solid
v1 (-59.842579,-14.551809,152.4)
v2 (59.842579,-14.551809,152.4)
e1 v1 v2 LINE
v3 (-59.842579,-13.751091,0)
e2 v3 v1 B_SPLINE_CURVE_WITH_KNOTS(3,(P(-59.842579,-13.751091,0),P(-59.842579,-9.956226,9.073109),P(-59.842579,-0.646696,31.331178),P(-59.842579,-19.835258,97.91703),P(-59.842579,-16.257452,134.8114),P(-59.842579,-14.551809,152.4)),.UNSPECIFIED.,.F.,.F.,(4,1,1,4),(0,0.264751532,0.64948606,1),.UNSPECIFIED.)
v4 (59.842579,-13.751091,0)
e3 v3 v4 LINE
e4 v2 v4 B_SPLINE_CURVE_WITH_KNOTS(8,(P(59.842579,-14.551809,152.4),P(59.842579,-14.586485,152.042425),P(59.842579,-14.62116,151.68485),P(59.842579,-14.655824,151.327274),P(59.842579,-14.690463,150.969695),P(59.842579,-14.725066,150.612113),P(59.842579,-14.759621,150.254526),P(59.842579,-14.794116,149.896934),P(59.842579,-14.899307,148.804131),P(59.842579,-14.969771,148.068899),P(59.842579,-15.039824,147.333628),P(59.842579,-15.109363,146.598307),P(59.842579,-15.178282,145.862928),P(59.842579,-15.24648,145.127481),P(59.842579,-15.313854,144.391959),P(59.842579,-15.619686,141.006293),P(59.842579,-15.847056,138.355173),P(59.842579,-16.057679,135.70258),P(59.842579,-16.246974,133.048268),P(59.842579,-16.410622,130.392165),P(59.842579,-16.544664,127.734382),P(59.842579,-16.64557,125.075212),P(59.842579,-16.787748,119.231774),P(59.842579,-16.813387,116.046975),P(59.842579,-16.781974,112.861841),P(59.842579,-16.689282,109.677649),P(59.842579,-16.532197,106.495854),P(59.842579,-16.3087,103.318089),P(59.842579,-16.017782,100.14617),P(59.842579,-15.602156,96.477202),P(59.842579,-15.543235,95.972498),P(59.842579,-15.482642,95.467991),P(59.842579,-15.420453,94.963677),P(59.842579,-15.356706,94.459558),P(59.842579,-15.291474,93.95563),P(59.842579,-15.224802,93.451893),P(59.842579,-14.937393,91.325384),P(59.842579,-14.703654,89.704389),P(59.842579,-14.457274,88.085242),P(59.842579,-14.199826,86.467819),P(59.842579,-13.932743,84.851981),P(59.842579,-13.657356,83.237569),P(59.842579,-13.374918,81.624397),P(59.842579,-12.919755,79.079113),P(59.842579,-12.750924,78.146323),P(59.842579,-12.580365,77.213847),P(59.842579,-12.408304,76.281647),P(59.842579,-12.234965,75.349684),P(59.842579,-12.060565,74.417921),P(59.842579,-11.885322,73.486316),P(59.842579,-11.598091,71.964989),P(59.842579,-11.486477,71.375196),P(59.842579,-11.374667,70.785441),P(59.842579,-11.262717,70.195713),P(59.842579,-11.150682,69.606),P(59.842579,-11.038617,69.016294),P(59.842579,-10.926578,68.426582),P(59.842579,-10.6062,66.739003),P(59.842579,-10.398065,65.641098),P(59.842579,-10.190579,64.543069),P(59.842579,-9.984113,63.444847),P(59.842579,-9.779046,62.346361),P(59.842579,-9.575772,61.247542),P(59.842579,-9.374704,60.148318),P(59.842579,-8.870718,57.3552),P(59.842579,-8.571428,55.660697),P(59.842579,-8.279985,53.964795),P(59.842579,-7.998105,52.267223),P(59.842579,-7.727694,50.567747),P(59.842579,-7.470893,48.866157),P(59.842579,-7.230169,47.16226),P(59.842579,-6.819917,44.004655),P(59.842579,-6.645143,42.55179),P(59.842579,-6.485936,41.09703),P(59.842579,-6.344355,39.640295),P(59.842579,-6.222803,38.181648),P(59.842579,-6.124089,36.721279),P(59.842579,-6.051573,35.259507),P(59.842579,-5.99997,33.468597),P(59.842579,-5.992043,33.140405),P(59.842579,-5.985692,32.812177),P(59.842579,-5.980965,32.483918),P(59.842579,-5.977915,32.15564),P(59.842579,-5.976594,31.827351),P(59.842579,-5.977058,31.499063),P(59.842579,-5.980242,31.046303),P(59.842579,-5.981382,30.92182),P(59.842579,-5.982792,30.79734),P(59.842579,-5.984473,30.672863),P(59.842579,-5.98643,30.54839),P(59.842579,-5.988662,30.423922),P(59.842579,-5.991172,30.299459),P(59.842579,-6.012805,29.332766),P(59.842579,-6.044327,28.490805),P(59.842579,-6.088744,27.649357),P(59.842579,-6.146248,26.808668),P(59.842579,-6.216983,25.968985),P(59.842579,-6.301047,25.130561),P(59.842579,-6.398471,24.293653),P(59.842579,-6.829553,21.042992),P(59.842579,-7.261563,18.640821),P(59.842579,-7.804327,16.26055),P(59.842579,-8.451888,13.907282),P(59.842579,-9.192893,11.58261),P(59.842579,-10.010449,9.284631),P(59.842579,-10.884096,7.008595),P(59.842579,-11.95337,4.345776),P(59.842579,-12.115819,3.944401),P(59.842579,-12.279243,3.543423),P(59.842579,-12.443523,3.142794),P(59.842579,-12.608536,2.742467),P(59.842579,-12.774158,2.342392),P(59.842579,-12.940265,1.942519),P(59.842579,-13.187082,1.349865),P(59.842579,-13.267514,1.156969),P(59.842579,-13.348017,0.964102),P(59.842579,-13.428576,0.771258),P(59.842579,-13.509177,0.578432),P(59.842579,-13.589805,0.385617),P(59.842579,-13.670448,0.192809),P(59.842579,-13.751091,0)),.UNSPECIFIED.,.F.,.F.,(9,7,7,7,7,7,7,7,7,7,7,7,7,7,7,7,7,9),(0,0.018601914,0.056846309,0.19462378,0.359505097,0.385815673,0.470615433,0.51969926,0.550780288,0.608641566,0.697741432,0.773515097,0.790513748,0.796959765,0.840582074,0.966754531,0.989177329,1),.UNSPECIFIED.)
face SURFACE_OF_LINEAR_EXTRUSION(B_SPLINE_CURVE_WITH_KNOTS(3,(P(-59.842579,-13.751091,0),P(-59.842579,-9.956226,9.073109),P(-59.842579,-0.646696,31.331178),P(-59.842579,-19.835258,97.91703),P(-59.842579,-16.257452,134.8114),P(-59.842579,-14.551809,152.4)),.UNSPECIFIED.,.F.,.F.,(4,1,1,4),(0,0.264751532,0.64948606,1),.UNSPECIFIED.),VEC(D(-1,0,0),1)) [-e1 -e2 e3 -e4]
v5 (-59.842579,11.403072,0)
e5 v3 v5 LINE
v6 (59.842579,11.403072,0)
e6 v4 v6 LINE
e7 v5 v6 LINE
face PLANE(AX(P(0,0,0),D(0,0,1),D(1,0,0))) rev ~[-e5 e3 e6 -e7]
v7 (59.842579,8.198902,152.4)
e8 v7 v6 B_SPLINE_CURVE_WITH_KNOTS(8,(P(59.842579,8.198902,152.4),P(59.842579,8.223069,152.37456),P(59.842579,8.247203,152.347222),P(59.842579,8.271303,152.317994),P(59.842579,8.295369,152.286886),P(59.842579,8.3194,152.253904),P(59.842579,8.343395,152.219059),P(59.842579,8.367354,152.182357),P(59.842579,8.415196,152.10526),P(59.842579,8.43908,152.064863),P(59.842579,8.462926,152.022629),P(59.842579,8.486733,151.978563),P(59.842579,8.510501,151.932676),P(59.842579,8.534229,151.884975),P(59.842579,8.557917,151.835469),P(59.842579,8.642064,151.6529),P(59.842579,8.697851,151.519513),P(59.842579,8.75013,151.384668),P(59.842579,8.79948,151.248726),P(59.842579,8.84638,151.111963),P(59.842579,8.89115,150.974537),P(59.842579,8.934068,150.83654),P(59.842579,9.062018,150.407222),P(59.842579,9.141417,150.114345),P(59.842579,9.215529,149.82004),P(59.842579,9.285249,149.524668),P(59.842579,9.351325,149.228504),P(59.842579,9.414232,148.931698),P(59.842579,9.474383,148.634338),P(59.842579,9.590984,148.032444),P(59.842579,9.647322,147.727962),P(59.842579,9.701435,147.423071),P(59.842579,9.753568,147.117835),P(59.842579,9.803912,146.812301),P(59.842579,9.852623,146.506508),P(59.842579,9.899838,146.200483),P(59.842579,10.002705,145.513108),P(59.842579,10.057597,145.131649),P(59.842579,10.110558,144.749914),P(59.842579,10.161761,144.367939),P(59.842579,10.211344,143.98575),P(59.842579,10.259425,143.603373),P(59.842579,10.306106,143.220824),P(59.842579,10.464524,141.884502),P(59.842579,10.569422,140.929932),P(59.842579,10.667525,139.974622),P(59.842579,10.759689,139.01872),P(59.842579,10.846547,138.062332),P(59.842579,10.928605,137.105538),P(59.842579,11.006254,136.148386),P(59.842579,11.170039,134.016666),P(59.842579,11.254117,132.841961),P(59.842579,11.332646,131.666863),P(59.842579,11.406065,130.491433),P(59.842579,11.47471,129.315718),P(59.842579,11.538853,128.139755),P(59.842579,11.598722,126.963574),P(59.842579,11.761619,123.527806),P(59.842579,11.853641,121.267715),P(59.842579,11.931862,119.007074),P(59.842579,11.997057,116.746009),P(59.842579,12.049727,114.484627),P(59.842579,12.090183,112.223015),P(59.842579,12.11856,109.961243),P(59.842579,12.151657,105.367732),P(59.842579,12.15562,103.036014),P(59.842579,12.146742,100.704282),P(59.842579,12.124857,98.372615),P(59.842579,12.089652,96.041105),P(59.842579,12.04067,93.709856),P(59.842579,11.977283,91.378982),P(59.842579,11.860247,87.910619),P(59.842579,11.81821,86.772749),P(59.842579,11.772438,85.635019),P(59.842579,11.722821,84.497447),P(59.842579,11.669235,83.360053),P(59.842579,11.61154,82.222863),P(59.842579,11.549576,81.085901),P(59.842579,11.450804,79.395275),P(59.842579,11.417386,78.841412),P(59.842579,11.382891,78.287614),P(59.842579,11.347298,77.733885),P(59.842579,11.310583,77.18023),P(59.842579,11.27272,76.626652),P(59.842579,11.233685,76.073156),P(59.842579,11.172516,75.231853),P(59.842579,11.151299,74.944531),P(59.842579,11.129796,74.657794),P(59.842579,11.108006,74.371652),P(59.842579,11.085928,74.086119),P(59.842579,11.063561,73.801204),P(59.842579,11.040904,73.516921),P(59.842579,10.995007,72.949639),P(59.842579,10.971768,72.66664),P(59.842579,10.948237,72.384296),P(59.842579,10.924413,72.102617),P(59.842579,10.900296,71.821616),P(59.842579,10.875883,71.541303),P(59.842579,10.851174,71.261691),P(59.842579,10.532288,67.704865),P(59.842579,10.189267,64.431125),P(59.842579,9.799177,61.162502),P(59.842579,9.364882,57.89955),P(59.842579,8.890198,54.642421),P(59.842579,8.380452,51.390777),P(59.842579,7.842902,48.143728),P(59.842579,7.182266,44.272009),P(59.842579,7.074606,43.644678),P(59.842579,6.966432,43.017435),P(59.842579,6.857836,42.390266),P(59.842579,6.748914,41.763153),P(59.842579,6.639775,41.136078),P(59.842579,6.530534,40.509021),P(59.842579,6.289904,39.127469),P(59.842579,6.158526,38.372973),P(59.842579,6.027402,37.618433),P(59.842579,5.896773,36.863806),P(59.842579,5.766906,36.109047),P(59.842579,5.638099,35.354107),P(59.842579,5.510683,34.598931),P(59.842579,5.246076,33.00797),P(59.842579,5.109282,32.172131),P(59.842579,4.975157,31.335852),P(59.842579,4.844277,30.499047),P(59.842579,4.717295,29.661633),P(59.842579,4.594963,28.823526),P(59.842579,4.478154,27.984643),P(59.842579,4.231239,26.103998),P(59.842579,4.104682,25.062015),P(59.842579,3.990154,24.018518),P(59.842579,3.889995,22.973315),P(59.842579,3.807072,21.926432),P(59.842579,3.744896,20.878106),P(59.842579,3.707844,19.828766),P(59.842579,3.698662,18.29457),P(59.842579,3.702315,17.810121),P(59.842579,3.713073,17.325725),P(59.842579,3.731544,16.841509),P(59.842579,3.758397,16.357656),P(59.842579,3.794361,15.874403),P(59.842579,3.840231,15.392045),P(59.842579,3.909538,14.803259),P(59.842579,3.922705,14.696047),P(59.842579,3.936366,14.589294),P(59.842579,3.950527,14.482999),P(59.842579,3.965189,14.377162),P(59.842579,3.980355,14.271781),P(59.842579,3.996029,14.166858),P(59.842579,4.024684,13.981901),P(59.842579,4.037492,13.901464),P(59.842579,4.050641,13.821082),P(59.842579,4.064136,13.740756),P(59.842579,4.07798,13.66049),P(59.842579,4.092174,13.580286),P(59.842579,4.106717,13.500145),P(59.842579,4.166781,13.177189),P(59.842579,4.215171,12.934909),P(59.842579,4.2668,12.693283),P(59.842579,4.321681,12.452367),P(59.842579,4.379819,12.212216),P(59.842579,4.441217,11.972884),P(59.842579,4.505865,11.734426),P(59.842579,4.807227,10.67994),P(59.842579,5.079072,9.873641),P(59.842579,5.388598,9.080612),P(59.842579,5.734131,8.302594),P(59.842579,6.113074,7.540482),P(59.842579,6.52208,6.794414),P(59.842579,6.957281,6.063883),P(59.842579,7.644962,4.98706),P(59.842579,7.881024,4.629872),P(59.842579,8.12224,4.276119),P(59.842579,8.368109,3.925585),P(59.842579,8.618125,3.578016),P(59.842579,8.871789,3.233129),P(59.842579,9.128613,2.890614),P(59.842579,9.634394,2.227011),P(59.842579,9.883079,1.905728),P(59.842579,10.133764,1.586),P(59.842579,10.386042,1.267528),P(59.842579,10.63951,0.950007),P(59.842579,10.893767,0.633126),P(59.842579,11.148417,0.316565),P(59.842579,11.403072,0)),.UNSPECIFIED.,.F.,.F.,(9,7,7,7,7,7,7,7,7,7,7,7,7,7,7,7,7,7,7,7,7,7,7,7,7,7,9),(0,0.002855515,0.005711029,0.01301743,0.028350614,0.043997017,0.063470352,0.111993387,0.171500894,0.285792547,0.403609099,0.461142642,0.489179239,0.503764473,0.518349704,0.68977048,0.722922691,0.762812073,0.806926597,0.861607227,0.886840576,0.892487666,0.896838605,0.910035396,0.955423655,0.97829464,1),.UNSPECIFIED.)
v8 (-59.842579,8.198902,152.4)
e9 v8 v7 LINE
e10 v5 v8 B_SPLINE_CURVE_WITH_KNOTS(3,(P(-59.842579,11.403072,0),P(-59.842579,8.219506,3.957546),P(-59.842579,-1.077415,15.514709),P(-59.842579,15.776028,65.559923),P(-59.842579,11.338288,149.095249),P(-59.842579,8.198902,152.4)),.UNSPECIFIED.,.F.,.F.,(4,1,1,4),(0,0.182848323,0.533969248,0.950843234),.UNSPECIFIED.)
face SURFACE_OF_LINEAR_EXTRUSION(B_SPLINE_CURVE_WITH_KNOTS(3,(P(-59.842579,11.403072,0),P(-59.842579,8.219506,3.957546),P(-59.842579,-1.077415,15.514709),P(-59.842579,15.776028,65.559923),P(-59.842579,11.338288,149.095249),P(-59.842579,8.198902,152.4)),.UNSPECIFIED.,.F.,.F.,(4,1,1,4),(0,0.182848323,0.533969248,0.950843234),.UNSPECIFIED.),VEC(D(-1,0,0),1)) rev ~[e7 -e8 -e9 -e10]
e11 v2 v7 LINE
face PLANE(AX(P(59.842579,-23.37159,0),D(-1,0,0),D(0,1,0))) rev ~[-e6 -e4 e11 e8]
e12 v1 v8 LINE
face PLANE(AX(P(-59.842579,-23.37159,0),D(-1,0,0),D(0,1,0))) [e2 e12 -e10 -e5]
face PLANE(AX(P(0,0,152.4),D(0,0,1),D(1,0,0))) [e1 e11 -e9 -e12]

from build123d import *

# Parameters (mm, degrees)
F0_W     = 119.6851581335
F0_H     = 46.7431806028
F1_DEPTH = 152.4
F3_DEPTH = 152.4
F5_DEPTH = 127


with BuildPart() as f1:
    # F0 (on Top) → F1 (new body)
    with BuildSketch(Plane.XY):
        Rectangle(F0_W, F0_H)
    extrude(amount=F1_DEPTH)

    # F2 (on face) → F3 (cut)
    with BuildSketch(Plane(origin=(-59.8425790668, 0, 0), x_dir=(0, -1, 0), z_dir=(-1, 0, 0))):
        with BuildLine():
            Line((-23.3715903014, 0), (-11.4030716941, 0))
            add(Edge.make_bspline(
                [(-11.4030716941, 0), (-8.2195056197, 3.9575459118), (1.0774152211, 15.5147086053), (-15.7760282892, 65.5599234309), (-11.3382883726, 149.0952490281), (-8.1989020109, 152.4)],
                knots=[0, 0, 0, 0, 0.1828483227, 0.5339692479, 0.9508432341, 0.9508432341, 0.9508432341, 0.9508432341], degree=3))
            Line((-8.1989020109, 152.4), (-23.3715903014, 152.4))
            Line((-23.3715903014, 152.4), (-23.3715903014, 0))
        make_face()
    extrude(amount=-F3_DEPTH, mode=Mode.SUBTRACT)

    # F4 (on face) → F5 (cut)
    with BuildSketch(Plane(origin=(-59.8425790668, 0, 0), x_dir=(0, -1, 0), z_dir=(-1, 0, 0))):
        with BuildLine():
            add(Edge.make_bspline(
                [(13.7510914356, 0), (9.9562259511, 9.073109189), (0.6466963295, 31.3311784411), (19.8352582333, 97.9170297401), (16.25745163, 134.8114001188), (14.5518090576, 152.4)],
                knots=[0, 0, 0, 0, 0.2647515324, 0.6494860604, 1, 1, 1, 1], degree=3))
            Line((13.7510914356, 0), (23.3715903014, 0))
            Line((23.3715903014, 0), (23.3715903014, 152.4))
            Line((23.3715903014, 152.4), (14.5518090576, 152.4))
        make_face()
    extrude(amount=-F5_DEPTH, mode=Mode.SUBTRACT)


solid = f1.part
